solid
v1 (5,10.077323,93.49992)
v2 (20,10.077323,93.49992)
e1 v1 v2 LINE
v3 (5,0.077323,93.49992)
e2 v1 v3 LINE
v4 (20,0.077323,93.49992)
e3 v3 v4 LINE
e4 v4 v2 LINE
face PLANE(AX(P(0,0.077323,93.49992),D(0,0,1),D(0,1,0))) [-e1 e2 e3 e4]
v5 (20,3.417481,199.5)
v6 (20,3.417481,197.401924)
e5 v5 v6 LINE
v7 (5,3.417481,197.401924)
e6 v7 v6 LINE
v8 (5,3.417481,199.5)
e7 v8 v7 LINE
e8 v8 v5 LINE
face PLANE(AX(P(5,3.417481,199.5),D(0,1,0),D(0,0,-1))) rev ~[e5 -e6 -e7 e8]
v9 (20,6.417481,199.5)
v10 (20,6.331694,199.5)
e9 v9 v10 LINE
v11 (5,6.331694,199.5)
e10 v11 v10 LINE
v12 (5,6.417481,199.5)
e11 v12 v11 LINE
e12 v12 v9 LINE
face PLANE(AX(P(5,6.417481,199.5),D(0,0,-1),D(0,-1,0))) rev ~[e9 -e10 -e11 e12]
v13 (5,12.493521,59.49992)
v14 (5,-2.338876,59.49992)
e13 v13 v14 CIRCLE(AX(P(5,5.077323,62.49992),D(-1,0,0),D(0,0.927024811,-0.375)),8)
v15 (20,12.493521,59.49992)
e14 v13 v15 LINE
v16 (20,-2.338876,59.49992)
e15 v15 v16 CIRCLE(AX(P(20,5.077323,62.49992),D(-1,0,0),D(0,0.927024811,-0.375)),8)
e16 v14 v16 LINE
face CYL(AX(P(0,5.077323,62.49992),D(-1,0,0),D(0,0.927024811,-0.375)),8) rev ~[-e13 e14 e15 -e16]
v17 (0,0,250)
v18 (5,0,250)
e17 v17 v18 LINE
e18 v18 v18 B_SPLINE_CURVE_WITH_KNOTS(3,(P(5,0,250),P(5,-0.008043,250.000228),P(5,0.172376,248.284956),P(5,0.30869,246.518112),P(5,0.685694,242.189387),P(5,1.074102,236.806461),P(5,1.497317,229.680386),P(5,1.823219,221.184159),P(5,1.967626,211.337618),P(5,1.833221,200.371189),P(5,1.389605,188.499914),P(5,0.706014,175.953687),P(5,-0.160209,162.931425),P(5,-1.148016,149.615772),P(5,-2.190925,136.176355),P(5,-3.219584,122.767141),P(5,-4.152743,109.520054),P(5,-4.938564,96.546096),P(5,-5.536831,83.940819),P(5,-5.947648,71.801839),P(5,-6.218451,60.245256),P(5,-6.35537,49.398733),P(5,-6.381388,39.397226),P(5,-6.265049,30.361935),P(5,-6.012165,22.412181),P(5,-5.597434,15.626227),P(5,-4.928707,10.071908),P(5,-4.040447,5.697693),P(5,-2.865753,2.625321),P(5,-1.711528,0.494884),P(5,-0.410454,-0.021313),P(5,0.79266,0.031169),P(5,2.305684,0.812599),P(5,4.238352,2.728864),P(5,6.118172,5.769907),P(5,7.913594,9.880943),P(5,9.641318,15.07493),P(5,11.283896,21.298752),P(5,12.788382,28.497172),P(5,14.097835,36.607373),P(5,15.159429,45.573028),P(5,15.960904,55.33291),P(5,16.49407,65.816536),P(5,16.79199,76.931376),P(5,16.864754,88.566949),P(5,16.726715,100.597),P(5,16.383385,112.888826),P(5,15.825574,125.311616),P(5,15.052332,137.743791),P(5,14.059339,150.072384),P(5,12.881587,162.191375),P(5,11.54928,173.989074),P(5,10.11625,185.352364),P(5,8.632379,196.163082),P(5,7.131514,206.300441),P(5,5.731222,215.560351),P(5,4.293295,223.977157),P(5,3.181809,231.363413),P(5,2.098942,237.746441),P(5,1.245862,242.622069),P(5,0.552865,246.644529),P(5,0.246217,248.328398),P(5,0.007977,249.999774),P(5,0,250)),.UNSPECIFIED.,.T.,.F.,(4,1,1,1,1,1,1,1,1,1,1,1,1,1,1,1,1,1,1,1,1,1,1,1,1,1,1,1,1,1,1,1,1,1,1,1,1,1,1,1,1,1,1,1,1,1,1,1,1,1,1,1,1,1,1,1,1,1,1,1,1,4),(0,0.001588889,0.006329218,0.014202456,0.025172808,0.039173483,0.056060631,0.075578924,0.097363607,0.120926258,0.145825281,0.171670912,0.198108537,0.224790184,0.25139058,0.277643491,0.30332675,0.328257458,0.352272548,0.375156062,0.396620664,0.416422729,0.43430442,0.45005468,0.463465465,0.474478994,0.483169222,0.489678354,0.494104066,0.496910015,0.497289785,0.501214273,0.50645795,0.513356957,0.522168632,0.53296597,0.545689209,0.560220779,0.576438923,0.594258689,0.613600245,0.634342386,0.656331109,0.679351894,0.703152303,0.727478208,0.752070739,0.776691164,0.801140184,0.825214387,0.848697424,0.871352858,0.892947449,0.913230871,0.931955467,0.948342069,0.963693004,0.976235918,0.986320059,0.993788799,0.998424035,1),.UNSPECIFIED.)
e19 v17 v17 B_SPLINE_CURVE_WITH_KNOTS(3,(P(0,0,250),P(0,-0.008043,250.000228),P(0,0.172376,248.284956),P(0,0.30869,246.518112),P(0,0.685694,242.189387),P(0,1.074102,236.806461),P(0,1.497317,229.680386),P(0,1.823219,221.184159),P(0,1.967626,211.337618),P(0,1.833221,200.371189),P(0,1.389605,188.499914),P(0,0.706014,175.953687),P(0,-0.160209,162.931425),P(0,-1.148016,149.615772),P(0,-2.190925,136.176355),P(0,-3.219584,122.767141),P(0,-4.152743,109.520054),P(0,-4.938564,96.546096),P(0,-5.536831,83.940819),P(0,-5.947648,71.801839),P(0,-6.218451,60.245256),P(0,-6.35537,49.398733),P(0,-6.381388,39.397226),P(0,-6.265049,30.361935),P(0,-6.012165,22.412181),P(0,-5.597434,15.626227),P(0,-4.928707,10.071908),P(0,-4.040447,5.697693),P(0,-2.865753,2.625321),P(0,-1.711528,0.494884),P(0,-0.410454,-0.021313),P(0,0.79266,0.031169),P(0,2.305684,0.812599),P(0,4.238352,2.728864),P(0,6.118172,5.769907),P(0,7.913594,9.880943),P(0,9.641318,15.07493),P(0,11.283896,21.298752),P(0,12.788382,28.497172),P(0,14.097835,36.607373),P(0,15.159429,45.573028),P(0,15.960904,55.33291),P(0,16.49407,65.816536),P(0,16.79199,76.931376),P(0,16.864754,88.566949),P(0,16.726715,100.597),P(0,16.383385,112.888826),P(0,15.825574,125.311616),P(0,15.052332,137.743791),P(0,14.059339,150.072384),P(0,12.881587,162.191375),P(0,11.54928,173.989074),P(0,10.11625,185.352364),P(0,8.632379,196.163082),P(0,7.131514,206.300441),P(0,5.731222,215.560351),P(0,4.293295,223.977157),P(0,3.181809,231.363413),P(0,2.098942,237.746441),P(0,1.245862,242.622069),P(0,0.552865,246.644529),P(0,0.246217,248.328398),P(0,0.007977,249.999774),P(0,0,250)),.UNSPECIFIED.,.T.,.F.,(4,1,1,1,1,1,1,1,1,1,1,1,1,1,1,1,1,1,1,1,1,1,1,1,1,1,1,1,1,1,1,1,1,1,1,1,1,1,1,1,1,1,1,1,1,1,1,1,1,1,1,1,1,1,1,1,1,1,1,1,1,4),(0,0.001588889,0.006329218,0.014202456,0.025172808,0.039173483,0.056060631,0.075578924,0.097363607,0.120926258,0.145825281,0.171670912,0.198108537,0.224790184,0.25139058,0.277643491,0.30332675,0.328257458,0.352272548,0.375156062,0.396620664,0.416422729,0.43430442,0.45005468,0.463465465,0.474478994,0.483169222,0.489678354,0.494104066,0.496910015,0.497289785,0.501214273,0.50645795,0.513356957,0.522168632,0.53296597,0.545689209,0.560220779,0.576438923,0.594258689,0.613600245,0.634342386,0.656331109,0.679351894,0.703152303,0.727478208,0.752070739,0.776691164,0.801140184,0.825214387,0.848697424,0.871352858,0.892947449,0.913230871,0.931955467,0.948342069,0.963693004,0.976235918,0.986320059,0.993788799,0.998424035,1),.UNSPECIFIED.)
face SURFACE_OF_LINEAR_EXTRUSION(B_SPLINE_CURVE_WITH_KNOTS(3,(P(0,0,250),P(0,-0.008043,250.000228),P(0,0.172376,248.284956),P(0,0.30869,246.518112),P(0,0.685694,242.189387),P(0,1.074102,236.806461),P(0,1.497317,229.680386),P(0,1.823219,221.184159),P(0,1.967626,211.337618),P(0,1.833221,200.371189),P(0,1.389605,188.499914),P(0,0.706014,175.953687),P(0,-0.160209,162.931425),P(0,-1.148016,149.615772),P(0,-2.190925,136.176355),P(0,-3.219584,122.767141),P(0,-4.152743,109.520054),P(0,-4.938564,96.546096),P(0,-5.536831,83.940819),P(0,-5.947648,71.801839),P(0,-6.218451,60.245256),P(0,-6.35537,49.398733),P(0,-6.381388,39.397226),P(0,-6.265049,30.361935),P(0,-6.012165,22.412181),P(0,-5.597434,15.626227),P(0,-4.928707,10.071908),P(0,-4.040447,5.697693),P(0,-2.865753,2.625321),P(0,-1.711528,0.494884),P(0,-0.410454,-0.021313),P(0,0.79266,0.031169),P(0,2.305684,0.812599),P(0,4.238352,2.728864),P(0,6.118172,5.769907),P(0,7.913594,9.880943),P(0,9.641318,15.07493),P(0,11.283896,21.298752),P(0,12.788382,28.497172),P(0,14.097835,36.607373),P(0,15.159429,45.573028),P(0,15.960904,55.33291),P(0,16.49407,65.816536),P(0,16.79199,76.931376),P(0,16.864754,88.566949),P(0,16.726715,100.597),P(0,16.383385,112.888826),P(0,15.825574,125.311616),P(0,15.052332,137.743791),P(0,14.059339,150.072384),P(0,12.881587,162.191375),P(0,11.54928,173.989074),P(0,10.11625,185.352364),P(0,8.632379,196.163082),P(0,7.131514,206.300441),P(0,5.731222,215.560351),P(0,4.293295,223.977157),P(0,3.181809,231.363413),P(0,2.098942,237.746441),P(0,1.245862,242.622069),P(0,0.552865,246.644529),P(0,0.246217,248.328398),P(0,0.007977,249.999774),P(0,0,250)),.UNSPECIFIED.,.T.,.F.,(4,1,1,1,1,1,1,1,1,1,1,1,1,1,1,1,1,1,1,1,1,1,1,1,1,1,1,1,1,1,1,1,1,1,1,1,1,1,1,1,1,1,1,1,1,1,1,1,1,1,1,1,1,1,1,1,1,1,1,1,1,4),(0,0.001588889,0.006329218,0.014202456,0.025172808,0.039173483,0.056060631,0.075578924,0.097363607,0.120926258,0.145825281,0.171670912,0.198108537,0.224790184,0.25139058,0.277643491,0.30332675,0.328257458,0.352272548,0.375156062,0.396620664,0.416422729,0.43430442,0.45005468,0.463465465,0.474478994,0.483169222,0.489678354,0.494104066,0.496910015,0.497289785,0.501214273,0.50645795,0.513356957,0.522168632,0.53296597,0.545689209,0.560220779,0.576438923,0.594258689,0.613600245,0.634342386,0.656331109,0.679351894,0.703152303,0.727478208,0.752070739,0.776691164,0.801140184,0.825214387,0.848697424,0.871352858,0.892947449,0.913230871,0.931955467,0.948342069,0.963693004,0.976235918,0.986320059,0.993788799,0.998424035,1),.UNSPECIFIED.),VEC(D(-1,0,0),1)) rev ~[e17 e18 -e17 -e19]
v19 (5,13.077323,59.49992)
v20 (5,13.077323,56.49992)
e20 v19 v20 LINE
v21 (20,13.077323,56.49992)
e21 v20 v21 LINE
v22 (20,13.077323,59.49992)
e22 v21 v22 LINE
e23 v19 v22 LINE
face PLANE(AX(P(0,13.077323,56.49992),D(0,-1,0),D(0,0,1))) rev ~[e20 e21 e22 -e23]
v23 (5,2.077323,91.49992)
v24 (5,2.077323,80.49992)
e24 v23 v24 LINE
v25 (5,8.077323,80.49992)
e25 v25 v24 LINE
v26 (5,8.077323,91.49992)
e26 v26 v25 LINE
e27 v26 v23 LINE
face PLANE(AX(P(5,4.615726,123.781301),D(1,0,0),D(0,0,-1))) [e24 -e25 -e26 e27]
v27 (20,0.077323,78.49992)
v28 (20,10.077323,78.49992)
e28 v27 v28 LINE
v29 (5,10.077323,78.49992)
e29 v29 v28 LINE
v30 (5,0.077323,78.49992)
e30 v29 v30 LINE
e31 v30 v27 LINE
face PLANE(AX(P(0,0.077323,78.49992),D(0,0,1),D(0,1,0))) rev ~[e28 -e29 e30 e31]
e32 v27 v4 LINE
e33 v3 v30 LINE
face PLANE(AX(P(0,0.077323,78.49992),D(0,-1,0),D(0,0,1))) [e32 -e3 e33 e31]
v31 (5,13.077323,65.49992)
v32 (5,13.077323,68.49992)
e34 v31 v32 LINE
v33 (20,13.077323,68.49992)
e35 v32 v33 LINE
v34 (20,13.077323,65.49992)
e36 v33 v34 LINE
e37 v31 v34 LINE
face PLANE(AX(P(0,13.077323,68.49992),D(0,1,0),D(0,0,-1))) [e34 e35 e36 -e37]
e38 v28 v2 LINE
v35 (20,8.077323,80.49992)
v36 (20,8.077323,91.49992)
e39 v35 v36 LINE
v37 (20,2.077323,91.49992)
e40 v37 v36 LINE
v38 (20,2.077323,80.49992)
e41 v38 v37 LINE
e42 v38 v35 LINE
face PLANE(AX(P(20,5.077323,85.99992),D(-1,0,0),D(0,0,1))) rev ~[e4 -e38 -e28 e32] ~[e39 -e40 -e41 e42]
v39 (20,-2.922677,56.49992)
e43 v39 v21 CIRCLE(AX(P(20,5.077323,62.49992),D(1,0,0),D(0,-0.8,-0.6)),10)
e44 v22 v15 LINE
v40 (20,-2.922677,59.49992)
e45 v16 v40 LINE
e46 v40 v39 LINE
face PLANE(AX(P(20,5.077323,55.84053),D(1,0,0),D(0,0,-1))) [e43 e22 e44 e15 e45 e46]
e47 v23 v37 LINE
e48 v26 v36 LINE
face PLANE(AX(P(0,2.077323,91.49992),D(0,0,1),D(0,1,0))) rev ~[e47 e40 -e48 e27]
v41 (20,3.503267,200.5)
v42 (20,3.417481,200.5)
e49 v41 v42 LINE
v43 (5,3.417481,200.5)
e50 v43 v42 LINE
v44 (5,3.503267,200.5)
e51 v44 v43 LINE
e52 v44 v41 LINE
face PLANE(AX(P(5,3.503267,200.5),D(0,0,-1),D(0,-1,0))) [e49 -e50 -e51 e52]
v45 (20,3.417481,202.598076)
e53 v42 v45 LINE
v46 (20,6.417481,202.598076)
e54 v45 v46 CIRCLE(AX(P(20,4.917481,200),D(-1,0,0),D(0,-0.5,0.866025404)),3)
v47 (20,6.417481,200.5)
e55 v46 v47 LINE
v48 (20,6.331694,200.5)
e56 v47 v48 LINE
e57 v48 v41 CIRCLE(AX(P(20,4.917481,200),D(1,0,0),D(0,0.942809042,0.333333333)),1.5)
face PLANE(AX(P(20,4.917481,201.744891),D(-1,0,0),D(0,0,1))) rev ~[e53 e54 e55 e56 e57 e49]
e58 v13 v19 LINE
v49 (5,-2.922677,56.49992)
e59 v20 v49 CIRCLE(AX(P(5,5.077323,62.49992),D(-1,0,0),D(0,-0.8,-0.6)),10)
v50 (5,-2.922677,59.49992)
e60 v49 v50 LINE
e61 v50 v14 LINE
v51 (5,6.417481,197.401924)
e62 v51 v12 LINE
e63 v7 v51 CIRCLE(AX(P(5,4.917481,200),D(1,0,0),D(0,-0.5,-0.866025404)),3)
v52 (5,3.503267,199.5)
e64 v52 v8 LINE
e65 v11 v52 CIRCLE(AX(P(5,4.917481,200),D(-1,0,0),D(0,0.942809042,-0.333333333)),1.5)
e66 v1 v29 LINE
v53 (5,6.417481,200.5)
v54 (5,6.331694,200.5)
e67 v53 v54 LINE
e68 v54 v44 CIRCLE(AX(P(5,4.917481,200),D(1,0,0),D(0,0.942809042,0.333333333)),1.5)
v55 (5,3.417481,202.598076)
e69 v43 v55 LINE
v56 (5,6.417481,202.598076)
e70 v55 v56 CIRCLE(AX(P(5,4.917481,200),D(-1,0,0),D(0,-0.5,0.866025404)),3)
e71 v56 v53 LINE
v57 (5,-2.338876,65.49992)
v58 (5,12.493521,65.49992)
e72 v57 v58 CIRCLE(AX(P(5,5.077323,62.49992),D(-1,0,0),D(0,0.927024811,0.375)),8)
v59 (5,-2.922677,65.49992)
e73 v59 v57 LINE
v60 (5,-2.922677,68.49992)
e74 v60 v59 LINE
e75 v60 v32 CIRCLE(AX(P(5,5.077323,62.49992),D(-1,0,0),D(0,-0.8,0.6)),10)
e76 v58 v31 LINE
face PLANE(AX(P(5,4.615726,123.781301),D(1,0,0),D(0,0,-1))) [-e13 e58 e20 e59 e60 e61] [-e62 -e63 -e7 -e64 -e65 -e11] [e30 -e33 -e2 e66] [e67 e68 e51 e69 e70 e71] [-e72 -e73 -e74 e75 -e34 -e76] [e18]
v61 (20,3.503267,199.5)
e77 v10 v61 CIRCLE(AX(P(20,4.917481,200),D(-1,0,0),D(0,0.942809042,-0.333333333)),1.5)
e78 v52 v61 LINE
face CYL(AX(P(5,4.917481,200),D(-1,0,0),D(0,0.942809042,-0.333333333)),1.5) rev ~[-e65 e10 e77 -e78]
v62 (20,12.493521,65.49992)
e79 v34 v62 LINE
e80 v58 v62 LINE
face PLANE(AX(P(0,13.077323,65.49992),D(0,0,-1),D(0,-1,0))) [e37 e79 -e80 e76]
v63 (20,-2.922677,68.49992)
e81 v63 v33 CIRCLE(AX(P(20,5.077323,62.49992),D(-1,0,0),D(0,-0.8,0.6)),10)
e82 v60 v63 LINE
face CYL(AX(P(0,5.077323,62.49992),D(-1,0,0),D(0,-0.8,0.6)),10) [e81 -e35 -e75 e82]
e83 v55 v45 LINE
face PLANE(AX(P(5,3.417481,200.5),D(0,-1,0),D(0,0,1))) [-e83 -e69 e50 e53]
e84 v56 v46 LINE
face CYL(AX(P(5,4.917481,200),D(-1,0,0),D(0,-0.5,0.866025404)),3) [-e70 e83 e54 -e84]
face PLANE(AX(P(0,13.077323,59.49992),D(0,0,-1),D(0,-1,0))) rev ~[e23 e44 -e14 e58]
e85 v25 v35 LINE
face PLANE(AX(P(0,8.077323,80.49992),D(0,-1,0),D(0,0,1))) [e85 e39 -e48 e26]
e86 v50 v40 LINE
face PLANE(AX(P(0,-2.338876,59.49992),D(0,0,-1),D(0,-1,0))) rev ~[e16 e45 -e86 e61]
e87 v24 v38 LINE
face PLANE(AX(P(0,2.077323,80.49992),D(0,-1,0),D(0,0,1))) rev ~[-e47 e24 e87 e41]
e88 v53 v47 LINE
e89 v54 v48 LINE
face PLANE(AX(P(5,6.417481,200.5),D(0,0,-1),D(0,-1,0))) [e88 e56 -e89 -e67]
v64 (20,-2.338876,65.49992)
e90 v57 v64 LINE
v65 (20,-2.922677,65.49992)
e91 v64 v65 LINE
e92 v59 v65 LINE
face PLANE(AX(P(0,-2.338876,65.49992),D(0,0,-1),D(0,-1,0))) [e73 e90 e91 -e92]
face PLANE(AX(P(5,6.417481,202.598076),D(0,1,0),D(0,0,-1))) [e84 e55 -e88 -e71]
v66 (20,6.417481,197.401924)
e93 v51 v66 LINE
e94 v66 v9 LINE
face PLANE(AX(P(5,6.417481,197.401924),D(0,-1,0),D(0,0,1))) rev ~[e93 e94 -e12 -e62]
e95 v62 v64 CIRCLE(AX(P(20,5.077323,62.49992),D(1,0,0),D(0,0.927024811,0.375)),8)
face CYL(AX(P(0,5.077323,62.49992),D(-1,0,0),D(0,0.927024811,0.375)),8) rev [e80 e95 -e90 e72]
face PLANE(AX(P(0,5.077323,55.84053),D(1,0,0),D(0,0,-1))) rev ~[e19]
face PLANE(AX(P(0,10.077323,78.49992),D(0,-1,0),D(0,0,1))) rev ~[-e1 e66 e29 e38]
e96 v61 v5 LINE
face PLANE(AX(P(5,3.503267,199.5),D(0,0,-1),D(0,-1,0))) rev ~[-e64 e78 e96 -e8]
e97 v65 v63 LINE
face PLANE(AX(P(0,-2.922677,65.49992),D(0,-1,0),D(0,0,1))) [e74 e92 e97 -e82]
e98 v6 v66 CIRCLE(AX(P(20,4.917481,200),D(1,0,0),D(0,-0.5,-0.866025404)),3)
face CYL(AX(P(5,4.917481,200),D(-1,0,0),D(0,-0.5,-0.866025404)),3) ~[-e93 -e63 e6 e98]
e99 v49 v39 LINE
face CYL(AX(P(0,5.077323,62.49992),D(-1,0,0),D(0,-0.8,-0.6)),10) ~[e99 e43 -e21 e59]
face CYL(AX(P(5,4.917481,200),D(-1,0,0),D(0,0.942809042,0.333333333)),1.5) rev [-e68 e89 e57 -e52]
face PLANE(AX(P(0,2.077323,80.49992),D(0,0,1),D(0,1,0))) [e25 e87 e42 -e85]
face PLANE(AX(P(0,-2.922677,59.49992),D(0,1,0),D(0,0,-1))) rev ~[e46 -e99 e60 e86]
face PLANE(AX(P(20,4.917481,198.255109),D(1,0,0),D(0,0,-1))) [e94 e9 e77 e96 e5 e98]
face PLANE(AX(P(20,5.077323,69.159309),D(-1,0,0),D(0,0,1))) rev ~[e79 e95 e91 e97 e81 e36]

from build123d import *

# Parameters (mm, degrees)
CORPOFOAM_DEPTH              = 5
PERNOAGGANCIOALETTONE_DEPTH  = 15
SCHIZZO4_W                   = 15
SCHIZZO4_H                   = 10
SCHIZZO4_W_2                 = 11
SCHIZZO4_H_2                 = 6
ESTRUSIONE_ESTRUSIONE1_DEPTH = 20


with BuildPart() as part:
    # Schizzo1 → CorpoFoam (new body)
    with BuildSketch(Plane(origin=(0, 0, 0), x_dir=(0, 0, -1), z_dir=(1, 0, 0))):
        with BuildLine():
            add(Edge.make_bspline(
                [(-250, 0), (-250.000228294, -0.008042796), (-248.284955516, 0.172375658), (-246.518112419, 0.308690015), (-242.189387343, 0.685693594), (-236.806461263, 1.074101529), (-229.680385952, 1.49731724), (-221.184158698, 1.823218603), (-211.337618208, 1.967626101), (-200.371188527, 1.833221056), (-188.499913622, 1.38960529), (-175.953687417, 0.706014078), (-162.931424918, -0.160208642), (-149.615771744, -1.148016327), (-136.176354995, -2.19092491), (-122.767140548, -3.219583979), (-109.520053587, -4.152743127), (-96.546095975, -4.938564365), (-83.940819302, -5.536830703), (-71.801839291, -5.947648205), (-60.245256003, -6.218450939), (-49.398732891, -6.355369756), (-39.397226194, -6.381387963), (-30.361934842, -6.26504923), (-22.412181103, -6.012164917), (-15.626227231, -5.597433901), (-10.071907511, -4.928706579), (-5.697692612, -4.040446981), (-2.625320639, -2.865752984), (-0.494884225, -1.71152847), (0.021312549, -0.410454231), (-0.0311692, 0.792659827), (-0.812599242, 2.305684337), (-2.728863517, 4.238352424), (-5.769907241, 6.118172121), (-9.880942804, 7.913594202), (-15.074930468, 9.641318178), (-21.298752222, 11.283896488), (-28.49717212, 12.788381759), (-36.607373406, 14.097834908), (-45.57302844, 15.159429017), (-55.332910074, 15.960903998), (-65.816536498, 16.494069738), (-76.93137626, 16.791989705), (-88.566949028, 16.864754131), (-100.596999886, 16.726715291), (-112.888825982, 16.383385064), (-125.311615819, 15.825573667), (-137.743791097, 15.05233187), (-150.072384382, 14.059339074), (-162.191375056, 12.881586986), (-173.989074322, 11.549280346), (-185.352364446, 10.116249729), (-196.163081698, 8.632379125), (-206.300441402, 7.131513884), (-215.560350587, 5.731221768), (-223.977157043, 4.293295127), (-231.363413336, 3.181808874), (-237.746440904, 2.098942417), (-242.622069366, 1.245861917), (-246.644529332, 0.552864946), (-248.32839844, 0.246216765), (-249.999773563, 0.007977377), (-250, 0)],
                knots=[0, 0, 0, 0, 0.001588889, 0.006329218, 0.014202456, 0.025172808, 0.039173483, 0.056060631, 0.075578924, 0.097363607, 0.120926258, 0.145825281, 0.171670912, 0.198108537, 0.224790184, 0.25139058, 0.277643491, 0.30332675, 0.328257458, 0.352272548, 0.375156062, 0.396620664, 0.416422729, 0.43430442, 0.45005468, 0.463465465, 0.474478994, 0.483169222, 0.489678354, 0.494104066, 0.496910015, 0.497289785, 0.501214273, 0.50645795, 0.513356957, 0.522168632, 0.53296597, 0.545689209, 0.560220779, 0.576438923, 0.594258689, 0.613600245, 0.634342386, 0.656331109, 0.679351894, 0.703152303, 0.727478208, 0.752070739, 0.776691164, 0.801140184, 0.825214387, 0.848697424, 0.871352858, 0.892947449, 0.913230871, 0.931955467, 0.948342069, 0.963693004, 0.976235918, 0.986320059, 0.993788799, 0.998424035, 1, 1, 1, 1], degree=3))
        make_face()
    extrude(amount=CORPOFOAM_DEPTH)

    # Schizzo3 → PernoAggancioAlettone (add)
    with BuildSketch(Plane(origin=(5, 0, 0), x_dir=(0, 0, -1), z_dir=(1, 0, 0))):
        with BuildLine():
            Line((-197.401923789, 6.41748059), (-199.5, 6.41748059))
            Line((-199.5, 6.41748059), (-199.5, 6.331694152))
            ThreePointArc((-199.5, 6.331694152), (-198.5, 4.91748059), (-199.5, 3.503267027))
            Line((-199.5, 3.503267027), (-199.5, 3.41748059))
            Line((-199.5, 3.41748059), (-197.401923789, 3.41748059))
            ThreePointArc((-197.401923789, 3.41748059), (-197, 4.91748059), (-197.401923789, 6.41748059))
        make_face()
        with BuildLine():
            Line((-200.5, 6.41748059), (-200.5, 6.331694152))
            ThreePointArc((-200.5, 6.331694152), (-201.5, 4.91748059), (-200.5, 3.503267027))
            Line((-200.5, 3.503267027), (-200.5, 3.41748059))
            Line((-200.5, 3.41748059), (-202.598076211, 3.41748059))
            ThreePointArc((-202.598076211, 3.41748059), (-203, 4.91748059), (-202.598076211, 6.41748059))
            Line((-202.598076211, 6.41748059), (-200.5, 6.41748059))
        make_face()
    extrude(amount=PERNOAGGANCIOALETTONE_DEPTH)

    # Schizzo4 → Estrusione-Estrusione1 (add)
    # profile 1 of 3: a face of its own
    with BuildSketch(Plane.ZY):
        with BuildLine():
            Line((56.499919709, 13.077322704), (59.499919709, 13.077322704))
            Line((59.499919709, 13.077322704), (59.499919709, 12.493521191))
            ThreePointArc((59.499919709, 12.493521191), (54.499919709, 5.077322704), (59.499919709, -2.338875783))
            Line((59.499919709, -2.338875783), (59.499919709, -2.922677296))
            Line((59.499919709, -2.922677296), (56.499919709, -2.922677296))
            ThreePointArc((56.499919709, -2.922677296), (52.499919709, 5.077322704), (56.499919709, 13.077322704))
        make_face()
    # profile 2 of 3: a face of its own
    with BuildSketch(Plane.ZY):
        with Locations((85.999919709, 5.077322704)):
            Rectangle(SCHIZZO4_W, SCHIZZO4_H)
        with Locations((85.999919709, 5.077322704)):
            Rectangle(SCHIZZO4_W_2, SCHIZZO4_H_2, mode=Mode.SUBTRACT)
    # profile 3 of 3: a face of its own
    with BuildSketch(Plane.ZY):
        with BuildLine():
            Line((65.499919709, 13.077322704), (65.499919709, 12.493521191))
            ThreePointArc((65.499919709, 12.493521191), (70.499919709, 5.077322704), (65.499919709, -2.338875783))
            Line((65.499919709, -2.338875783), (65.499919709, -2.922677296))
            Line((65.499919709, -2.922677296), (68.499919709, -2.922677296))
            ThreePointArc((68.499919709, -2.922677296), (72.499919709, 5.077322704), (68.499919709, 13.077322704))
            Line((68.499919709, 13.077322704), (65.499919709, 13.077322704))
        make_face()
    extrude(amount=-ESTRUSIONE_ESTRUSIONE1_DEPTH)


solid = part.part
